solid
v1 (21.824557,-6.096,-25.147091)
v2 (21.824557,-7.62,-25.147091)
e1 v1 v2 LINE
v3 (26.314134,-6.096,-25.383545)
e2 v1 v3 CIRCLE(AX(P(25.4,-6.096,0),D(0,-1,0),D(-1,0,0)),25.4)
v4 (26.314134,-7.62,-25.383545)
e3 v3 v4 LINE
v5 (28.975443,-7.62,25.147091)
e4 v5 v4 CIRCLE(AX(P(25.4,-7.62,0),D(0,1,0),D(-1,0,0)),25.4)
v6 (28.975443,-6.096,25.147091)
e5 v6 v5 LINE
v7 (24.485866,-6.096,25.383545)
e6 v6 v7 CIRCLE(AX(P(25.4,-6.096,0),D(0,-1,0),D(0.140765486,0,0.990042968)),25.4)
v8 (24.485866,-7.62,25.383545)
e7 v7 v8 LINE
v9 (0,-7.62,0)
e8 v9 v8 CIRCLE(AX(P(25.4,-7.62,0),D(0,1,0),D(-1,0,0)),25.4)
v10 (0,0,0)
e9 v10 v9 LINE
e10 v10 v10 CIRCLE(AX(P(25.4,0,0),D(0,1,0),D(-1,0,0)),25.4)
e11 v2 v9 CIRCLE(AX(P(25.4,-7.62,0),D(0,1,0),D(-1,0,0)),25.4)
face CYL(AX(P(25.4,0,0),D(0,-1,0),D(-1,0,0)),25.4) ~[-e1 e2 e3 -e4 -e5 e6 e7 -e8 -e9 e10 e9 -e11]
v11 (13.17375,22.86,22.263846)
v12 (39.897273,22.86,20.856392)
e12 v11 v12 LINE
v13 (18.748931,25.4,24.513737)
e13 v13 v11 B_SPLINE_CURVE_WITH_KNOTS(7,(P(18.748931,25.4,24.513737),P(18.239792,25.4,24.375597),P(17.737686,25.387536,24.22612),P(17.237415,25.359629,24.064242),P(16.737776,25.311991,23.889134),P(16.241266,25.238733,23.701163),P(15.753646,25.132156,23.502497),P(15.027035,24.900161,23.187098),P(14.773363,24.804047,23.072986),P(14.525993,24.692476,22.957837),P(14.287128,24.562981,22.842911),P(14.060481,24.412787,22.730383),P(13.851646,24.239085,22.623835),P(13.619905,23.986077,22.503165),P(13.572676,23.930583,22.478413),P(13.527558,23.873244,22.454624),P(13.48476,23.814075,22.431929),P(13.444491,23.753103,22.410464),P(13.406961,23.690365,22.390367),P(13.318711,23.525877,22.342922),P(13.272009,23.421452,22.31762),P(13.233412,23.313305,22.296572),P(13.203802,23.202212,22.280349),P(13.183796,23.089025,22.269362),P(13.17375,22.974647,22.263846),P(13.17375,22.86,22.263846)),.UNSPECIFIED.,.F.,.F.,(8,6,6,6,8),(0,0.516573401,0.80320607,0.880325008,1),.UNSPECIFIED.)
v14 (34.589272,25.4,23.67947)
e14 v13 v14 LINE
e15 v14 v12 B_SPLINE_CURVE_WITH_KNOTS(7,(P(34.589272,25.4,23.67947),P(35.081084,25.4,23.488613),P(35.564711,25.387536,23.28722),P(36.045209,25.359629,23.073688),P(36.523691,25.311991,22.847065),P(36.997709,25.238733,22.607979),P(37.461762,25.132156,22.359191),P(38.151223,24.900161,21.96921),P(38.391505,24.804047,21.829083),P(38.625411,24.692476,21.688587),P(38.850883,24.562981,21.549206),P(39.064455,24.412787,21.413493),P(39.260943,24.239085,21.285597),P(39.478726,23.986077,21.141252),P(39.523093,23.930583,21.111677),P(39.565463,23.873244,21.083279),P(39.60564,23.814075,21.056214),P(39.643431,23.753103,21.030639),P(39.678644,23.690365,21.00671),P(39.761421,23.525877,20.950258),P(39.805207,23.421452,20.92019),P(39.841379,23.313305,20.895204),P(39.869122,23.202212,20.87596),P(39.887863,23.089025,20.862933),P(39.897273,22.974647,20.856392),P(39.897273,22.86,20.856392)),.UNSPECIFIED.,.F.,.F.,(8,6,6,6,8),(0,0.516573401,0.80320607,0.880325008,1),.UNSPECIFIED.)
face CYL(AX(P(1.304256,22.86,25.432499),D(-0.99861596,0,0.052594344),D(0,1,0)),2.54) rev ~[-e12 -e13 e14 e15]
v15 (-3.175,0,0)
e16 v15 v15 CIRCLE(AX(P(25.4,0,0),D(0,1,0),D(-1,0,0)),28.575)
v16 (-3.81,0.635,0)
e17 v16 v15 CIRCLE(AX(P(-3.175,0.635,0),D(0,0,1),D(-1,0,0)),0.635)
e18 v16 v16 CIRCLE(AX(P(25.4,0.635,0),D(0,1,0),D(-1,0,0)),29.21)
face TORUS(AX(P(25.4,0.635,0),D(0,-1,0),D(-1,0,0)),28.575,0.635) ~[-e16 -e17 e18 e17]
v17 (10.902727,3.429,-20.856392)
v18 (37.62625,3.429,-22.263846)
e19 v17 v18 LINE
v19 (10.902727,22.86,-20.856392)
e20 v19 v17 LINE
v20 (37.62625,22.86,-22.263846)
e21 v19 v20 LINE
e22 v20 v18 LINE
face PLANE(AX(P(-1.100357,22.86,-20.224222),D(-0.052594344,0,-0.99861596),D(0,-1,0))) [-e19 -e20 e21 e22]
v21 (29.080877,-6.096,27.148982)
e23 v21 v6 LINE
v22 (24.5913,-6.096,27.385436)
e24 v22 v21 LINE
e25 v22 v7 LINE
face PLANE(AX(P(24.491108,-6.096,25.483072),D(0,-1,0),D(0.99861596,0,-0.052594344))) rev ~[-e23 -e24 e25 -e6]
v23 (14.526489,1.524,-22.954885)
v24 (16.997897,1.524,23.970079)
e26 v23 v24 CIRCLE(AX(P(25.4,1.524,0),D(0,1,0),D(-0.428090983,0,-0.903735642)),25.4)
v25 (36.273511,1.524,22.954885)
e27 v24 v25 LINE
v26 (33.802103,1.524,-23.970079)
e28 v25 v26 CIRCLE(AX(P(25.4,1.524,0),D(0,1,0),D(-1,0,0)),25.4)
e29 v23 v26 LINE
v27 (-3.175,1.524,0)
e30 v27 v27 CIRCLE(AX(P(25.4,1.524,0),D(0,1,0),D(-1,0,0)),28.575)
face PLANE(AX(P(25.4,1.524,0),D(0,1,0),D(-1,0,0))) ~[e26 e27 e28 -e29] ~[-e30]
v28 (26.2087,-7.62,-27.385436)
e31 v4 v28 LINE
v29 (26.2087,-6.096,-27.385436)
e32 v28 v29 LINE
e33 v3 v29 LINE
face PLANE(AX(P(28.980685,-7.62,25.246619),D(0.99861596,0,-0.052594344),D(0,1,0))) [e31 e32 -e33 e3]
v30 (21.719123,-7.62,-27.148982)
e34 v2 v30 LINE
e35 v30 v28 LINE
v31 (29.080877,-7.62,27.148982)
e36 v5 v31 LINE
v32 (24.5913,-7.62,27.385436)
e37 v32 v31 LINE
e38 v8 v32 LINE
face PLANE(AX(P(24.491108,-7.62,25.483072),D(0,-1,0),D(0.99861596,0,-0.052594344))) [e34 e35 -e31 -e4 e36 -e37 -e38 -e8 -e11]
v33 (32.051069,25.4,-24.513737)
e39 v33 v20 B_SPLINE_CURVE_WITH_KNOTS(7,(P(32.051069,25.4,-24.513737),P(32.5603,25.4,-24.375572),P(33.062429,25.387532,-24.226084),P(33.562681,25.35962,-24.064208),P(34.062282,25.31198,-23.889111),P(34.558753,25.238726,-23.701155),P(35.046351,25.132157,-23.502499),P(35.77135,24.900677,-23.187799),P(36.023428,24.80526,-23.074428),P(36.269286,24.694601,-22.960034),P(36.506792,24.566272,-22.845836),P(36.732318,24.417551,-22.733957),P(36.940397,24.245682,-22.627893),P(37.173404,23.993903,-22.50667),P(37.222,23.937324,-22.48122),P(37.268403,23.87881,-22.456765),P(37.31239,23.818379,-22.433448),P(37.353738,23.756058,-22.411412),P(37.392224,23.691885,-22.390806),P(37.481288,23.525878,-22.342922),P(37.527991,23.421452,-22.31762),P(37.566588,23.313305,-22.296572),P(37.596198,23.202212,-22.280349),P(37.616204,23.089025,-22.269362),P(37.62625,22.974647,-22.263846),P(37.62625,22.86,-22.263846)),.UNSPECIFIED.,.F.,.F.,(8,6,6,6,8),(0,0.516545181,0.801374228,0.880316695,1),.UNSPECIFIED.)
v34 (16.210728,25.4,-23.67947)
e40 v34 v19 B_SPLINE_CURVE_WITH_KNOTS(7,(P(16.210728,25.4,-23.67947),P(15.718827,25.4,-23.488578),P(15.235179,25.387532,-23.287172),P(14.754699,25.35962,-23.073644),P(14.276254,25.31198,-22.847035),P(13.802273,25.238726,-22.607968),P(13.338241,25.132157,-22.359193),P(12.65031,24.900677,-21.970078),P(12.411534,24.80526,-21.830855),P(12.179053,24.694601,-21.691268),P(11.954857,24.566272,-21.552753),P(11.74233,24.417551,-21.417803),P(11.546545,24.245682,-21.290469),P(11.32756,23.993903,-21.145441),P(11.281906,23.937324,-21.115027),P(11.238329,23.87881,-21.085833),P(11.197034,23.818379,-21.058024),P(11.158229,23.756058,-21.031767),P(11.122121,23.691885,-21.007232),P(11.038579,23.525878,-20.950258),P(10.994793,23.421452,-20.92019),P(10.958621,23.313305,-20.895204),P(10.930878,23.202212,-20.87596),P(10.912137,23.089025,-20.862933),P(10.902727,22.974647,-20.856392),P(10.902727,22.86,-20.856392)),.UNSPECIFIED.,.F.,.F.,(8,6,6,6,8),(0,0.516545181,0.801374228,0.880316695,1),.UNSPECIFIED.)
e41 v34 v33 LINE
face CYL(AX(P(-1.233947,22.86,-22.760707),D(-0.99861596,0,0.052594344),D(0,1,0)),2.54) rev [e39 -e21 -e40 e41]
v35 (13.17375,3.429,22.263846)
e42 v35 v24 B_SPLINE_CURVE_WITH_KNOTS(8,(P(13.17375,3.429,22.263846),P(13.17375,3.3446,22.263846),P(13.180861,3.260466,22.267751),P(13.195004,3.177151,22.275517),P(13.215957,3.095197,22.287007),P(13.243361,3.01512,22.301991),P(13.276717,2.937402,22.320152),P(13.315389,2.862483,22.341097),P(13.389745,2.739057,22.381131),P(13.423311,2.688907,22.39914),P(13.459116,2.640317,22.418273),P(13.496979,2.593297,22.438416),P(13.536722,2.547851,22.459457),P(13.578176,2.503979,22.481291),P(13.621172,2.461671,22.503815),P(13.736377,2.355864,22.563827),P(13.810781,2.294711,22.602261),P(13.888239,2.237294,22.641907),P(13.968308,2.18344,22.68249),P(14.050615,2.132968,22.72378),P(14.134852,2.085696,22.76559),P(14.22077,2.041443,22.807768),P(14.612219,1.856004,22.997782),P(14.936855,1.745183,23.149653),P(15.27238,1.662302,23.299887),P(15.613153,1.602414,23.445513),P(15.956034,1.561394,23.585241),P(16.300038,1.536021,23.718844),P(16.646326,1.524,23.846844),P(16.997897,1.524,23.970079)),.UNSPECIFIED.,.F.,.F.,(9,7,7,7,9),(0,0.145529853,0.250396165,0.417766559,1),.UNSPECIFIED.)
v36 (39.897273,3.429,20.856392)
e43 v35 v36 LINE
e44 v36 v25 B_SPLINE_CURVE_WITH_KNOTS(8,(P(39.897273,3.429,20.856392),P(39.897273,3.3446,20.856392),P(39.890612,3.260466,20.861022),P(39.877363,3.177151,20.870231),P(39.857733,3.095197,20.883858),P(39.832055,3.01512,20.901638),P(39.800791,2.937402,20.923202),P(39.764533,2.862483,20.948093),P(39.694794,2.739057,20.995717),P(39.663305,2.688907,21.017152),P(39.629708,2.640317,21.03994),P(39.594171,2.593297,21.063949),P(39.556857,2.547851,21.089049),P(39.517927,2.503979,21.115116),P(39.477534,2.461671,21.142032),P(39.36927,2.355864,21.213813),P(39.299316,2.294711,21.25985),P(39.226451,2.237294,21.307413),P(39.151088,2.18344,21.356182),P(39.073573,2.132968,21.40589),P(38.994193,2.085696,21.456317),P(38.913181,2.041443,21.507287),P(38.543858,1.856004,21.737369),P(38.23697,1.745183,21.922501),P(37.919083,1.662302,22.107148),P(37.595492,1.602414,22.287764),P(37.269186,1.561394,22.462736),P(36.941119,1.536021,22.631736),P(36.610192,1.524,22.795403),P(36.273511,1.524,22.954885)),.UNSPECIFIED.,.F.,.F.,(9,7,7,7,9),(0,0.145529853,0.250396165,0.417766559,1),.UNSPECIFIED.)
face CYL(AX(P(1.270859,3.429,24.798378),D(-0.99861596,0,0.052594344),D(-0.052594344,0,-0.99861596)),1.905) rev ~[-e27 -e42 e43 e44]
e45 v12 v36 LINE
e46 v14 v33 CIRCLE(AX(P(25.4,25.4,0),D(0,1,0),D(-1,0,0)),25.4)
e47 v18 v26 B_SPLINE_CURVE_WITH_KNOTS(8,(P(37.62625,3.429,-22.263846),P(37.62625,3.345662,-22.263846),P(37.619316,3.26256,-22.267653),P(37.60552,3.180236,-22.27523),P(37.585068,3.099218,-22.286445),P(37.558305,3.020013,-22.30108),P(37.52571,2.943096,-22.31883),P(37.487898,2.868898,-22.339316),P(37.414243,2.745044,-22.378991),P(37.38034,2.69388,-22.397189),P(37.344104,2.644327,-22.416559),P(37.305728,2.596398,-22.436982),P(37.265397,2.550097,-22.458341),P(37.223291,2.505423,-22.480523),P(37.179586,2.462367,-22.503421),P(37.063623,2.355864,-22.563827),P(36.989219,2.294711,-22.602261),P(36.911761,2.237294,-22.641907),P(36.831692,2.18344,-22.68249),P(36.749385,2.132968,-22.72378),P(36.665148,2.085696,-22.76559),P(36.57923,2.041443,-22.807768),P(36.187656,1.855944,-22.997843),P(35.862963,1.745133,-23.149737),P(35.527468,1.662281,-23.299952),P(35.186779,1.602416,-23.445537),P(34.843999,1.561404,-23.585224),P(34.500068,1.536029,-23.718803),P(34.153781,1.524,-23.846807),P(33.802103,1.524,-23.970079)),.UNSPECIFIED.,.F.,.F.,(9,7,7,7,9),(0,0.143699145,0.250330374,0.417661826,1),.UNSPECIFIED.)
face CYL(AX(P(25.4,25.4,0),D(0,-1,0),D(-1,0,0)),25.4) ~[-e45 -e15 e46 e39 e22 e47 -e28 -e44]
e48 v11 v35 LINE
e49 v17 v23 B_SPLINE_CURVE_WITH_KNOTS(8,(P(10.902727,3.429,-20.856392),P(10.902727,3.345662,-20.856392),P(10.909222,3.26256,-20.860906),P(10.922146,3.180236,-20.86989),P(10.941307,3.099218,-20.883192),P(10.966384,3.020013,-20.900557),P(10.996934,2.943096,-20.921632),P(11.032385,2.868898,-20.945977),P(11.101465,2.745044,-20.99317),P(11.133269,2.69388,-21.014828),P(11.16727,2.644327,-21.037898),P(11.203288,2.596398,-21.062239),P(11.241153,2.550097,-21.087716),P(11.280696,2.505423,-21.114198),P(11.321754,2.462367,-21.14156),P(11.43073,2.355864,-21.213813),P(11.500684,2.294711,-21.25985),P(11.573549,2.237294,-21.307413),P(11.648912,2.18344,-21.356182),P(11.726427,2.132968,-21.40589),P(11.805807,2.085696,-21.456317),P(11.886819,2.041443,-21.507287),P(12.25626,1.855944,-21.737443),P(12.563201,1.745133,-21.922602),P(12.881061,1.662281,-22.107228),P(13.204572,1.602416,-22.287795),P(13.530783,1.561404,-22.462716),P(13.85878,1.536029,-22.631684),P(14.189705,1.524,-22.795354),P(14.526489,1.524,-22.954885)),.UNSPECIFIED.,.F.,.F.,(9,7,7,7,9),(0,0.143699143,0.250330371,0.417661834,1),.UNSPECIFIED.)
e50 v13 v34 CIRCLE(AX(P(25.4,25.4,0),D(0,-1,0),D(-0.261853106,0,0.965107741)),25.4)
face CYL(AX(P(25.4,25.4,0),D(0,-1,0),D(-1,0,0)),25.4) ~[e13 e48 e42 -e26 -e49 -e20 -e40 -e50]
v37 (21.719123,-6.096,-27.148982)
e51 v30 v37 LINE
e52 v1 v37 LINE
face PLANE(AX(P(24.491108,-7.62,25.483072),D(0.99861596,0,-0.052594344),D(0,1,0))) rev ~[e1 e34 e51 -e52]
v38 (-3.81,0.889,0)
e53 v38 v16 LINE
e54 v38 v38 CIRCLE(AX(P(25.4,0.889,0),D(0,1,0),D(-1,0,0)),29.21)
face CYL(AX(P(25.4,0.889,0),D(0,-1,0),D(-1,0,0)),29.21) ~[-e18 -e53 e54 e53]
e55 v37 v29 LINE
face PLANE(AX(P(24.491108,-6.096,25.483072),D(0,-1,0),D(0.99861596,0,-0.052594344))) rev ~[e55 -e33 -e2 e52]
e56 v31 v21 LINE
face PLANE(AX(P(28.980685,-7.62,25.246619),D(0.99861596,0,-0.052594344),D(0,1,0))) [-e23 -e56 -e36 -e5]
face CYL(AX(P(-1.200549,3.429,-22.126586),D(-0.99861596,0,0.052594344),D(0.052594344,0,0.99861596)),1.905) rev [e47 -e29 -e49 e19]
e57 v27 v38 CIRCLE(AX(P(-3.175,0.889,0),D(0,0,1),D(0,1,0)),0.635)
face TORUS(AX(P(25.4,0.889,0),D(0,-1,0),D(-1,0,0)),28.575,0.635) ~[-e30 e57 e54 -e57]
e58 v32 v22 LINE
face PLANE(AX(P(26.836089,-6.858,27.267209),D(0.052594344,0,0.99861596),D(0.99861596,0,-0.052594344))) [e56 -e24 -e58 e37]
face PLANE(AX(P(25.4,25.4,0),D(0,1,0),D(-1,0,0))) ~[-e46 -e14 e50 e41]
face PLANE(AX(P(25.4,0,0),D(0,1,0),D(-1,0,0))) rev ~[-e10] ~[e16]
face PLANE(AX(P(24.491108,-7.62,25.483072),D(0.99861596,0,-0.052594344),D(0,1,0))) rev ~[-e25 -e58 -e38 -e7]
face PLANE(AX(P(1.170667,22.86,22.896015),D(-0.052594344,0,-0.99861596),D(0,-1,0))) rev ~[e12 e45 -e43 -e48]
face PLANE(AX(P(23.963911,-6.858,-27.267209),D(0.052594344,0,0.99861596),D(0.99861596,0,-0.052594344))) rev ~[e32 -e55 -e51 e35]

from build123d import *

# Parameters (mm, degrees)
CUT_EXTRUDE1_DEPTH       = 57.404
SKETCH5_W                = 4.4958
SKETCH5_H                = 1.524
BOSS_EXTRUDE1_DEPTH      = 1.905
BOSS_EXTRUDE1_DEPTH_BACK = 52.705


with BuildPart() as part:
    # Sketch1 → Revolve2 (revolve)
    with BuildSketch(Plane.XY):
        with BuildLine():
            Line((0, 25.4), (0, 1.524))
            Line((0, 1.524), (-3.175, 1.524))
            ThreePointArc((-3.175, 1.524), (-3.624012806, 1.338012806), (-3.81, 0.889))
            Line((-3.81, 0.889), (-3.81, 0.635))
            ThreePointArc((-3.81, 0.635), (-3.624012806, 0.185987194), (-3.175, 0))
            Line((-3.175, 0), (0, 0))
            Line((0, 0), (0, -7.62))
            Line((0, -7.62), (25.4, -7.62))
            Line((25.4, -7.62), (25.4, 25.4))
            Line((25.4, 25.4), (0, 25.4))
        make_face()
    revolve(axis=Axis((25.4, -7.62, 0), (0, 1, 0)))

    # Sketch4 → Cut-Extrude1 (cut)
    with BuildSketch(Plane(origin=(0.035154624, -7.62, 1.335896343), x_dir=(0.052594344, 0, 0.99861596), z_dir=(-0.99861596, 0, 0.052594344))):
        with BuildLine():
            Line((-23.495, 9.144), (-26.67, 9.144))
            Line((-26.67, 9.144), (-26.67, 33.02))
            Line((-26.67, 33.02), (-24.13, 33.02))
            ThreePointArc((-24.13, 33.02), (-22.333948776, 32.276051224), (-21.59, 30.48))
            Line((-21.59, 30.48), (-21.59, 11.049))
            ThreePointArc((-21.59, 11.049), (-22.147961582, 9.701961582), (-23.495, 9.144))
        make_face()
        with BuildLine():
            Line((21.59, 30.48), (21.59, 11.049))
            ThreePointArc((21.59, 11.049), (22.147961582, 9.701961582), (23.495, 9.144))
            Line((23.495, 9.144), (26.67, 9.144))
            Line((26.67, 9.144), (26.67, 33.02))
            Line((26.67, 33.02), (24.13, 33.02))
            ThreePointArc((24.13, 33.02), (22.333948776, 32.276051224), (21.59, 30.48))
        make_face()
    extrude(amount=-CUT_EXTRUDE1_DEPTH, mode=Mode.SUBTRACT)

    # Sketch5 → Boss-Extrude1 (add, two sides)
    with BuildSketch(Plane(origin=(26.735896343, 0, 25.364845376), x_dir=(0.99861596, 0, -0.052594344), z_dir=(0.052594344, 0, 0.99861596))) as boss_extrude1_sk:
        with Locations((0, -6.858)):
            Rectangle(SKETCH5_W, SKETCH5_H)
    extrude(amount=BOSS_EXTRUDE1_DEPTH)
    extrude(boss_extrude1_sk.sketch, amount=-BOSS_EXTRUDE1_DEPTH_BACK)


solid = part.part
